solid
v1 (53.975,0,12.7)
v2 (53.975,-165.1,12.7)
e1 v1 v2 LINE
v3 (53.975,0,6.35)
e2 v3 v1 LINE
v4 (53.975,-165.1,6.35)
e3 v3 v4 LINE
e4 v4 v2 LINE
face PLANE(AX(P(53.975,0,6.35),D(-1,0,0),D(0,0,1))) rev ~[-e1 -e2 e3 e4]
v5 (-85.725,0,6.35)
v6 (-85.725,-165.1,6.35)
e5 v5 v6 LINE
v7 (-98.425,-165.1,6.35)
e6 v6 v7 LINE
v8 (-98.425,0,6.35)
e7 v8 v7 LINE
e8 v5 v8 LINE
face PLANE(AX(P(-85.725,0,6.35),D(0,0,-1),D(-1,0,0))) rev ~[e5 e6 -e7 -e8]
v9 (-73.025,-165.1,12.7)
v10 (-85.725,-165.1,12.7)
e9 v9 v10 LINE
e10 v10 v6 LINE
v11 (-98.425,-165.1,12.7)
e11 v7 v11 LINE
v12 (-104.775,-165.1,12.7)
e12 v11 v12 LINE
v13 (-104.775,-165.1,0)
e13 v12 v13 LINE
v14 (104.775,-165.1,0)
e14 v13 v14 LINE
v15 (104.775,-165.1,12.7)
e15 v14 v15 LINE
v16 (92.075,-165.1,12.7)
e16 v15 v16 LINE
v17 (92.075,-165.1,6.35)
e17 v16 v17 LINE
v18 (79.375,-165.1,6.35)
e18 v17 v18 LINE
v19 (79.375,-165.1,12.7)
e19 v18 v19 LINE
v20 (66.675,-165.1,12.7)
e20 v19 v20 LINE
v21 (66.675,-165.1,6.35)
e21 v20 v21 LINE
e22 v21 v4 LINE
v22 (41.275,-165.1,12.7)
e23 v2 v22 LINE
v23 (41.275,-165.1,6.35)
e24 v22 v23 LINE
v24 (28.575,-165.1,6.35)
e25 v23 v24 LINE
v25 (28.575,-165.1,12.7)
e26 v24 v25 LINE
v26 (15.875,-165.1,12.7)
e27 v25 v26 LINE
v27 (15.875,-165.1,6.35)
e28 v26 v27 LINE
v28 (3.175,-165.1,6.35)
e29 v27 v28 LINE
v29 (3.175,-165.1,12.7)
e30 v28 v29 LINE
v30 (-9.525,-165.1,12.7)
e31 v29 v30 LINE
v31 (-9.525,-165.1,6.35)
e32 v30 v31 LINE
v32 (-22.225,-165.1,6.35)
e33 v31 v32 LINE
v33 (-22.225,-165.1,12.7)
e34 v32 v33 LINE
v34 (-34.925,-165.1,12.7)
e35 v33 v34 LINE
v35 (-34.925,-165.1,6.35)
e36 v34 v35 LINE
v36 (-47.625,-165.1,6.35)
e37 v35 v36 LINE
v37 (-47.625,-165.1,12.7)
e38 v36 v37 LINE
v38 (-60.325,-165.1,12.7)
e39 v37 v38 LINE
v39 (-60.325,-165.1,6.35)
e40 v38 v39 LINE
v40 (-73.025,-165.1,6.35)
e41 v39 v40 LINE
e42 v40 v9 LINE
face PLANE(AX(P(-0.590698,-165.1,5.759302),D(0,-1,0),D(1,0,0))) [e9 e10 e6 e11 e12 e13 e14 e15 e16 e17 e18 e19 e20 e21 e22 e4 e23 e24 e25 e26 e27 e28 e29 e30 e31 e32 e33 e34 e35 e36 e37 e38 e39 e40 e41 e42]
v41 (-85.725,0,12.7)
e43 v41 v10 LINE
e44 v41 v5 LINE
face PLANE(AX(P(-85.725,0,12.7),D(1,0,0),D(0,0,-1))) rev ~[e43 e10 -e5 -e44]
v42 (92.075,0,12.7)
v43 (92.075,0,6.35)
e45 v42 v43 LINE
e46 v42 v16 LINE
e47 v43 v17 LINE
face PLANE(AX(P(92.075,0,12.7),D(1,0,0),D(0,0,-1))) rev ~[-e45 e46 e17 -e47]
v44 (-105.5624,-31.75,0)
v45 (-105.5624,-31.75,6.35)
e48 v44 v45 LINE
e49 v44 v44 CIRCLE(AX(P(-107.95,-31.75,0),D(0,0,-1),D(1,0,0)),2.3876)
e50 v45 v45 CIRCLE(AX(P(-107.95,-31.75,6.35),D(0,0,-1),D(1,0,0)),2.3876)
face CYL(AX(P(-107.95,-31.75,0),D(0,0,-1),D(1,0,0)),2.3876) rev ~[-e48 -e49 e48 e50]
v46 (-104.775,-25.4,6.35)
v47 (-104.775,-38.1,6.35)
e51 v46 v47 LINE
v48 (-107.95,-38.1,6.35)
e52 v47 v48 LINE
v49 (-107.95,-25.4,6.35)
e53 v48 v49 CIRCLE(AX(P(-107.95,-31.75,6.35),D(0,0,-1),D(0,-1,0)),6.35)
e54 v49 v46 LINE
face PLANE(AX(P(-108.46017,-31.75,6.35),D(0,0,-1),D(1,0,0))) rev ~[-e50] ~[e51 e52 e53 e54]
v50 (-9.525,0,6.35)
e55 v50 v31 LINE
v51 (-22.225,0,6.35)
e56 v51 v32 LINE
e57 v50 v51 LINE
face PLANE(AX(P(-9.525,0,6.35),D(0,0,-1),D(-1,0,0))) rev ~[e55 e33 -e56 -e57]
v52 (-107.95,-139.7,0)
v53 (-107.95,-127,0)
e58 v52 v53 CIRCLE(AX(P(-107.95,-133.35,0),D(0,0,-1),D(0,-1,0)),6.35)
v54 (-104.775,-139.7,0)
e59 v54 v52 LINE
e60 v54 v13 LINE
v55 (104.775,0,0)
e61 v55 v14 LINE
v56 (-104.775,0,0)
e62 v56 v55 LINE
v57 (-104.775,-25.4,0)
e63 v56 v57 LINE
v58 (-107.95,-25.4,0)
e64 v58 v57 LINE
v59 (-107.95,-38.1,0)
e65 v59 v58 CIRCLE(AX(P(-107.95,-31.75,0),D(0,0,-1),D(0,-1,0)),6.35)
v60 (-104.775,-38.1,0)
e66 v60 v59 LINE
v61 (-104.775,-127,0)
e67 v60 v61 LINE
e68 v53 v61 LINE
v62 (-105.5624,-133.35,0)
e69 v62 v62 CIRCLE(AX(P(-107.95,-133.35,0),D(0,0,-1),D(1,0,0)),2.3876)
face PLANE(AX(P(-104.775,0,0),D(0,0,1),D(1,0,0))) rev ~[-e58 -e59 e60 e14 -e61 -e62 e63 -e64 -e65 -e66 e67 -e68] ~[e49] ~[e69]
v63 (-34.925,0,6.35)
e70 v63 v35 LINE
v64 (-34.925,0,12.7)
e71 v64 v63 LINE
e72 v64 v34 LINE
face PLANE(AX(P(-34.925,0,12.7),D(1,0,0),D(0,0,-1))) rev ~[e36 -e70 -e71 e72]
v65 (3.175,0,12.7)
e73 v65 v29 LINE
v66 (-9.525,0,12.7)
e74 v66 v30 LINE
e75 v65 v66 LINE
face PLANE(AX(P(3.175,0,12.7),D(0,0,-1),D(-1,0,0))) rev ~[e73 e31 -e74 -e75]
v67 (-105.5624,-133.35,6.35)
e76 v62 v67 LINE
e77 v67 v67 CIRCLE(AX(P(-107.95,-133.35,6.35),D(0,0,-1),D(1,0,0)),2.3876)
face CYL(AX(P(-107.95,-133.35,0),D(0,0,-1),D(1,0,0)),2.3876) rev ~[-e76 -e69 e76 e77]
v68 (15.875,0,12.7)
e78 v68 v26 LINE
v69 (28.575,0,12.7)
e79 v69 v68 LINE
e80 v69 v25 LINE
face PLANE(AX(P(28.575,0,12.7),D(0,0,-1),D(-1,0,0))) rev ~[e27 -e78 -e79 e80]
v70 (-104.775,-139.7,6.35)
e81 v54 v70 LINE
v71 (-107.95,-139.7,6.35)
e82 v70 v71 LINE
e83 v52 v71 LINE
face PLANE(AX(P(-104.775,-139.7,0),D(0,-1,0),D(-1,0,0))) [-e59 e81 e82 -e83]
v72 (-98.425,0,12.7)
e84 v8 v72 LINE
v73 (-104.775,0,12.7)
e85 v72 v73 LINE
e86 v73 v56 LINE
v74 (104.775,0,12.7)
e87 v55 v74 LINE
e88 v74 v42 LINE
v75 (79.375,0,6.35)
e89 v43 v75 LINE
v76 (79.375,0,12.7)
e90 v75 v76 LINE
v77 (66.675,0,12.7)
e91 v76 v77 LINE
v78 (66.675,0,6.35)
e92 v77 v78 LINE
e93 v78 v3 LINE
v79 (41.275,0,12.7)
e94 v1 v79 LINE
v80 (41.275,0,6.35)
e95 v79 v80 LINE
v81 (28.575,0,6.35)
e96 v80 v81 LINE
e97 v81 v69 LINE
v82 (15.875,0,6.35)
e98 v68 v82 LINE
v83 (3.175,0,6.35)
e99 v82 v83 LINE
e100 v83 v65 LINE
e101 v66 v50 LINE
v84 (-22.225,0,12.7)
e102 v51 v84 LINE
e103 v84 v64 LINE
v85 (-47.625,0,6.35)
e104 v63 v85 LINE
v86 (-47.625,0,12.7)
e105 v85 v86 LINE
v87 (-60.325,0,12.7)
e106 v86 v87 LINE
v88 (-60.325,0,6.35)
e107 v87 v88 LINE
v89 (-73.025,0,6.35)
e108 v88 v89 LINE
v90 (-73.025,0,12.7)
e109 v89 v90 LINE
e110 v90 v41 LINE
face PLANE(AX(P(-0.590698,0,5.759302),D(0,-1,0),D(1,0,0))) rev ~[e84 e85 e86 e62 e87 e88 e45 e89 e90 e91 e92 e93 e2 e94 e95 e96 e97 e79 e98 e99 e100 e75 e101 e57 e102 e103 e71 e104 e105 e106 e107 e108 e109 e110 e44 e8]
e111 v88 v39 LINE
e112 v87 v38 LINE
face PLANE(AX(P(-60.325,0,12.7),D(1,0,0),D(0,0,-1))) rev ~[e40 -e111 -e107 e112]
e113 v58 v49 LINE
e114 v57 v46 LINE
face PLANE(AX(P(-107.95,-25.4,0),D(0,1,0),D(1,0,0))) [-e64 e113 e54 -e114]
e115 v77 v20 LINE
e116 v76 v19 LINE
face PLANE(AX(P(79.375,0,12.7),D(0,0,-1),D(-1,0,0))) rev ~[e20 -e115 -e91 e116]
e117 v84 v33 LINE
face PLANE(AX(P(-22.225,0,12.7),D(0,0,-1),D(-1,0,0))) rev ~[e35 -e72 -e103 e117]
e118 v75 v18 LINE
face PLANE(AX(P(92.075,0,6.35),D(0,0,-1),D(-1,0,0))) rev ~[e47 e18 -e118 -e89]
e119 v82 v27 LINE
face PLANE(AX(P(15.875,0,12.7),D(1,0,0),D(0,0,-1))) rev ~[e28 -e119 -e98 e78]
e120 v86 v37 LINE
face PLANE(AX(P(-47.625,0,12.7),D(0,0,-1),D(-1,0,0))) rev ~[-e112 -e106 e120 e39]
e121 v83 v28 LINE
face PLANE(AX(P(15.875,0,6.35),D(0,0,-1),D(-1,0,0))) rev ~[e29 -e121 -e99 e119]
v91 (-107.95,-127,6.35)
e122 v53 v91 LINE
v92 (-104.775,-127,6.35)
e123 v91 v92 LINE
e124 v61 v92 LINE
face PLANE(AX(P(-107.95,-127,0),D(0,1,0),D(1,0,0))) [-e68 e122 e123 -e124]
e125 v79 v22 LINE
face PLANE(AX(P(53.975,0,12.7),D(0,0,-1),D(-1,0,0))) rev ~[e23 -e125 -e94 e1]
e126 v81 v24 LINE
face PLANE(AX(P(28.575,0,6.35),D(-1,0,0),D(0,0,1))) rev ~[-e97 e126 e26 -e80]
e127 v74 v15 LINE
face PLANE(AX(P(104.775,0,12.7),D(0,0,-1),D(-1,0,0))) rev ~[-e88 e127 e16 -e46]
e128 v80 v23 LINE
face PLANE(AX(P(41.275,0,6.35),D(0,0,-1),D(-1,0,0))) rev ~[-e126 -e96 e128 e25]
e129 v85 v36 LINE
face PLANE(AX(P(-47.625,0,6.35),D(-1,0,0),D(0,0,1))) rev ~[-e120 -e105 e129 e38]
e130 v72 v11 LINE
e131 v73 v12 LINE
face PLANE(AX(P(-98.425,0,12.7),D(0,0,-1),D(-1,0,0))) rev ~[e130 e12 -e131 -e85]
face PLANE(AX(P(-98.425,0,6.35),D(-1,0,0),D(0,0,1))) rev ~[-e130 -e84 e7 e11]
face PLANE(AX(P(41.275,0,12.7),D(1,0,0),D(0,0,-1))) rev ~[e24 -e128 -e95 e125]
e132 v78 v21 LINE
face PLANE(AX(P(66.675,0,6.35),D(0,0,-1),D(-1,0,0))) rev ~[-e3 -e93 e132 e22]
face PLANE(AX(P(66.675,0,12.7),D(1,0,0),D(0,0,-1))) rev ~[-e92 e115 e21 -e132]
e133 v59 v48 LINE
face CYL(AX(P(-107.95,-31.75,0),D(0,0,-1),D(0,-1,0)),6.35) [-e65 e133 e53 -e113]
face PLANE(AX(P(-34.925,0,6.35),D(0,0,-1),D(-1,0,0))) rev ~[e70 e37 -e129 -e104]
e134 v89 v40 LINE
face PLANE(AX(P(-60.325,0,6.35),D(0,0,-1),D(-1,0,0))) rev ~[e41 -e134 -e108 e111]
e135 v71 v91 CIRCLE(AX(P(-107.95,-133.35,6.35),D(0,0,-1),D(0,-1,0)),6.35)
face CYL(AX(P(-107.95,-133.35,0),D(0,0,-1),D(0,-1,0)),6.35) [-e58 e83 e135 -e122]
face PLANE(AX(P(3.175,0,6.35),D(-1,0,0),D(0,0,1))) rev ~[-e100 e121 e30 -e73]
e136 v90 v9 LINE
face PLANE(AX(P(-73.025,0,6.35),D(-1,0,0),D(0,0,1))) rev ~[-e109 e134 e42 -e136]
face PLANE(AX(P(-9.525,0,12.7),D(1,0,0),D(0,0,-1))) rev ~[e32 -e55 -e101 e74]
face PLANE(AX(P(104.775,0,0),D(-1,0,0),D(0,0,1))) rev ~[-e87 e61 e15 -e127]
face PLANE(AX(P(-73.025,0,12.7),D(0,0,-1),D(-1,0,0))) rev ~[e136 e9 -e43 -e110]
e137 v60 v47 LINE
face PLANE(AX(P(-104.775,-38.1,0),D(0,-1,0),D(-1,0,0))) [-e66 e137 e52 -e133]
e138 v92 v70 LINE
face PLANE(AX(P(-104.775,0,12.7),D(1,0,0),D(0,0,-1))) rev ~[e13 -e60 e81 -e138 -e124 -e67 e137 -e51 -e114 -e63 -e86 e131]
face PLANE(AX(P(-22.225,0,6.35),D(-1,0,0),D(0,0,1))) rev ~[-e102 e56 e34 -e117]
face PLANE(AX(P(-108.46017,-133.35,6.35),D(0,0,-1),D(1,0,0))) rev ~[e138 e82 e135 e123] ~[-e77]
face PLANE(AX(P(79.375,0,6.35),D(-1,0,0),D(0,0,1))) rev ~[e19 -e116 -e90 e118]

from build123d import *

# Parameters (mm, degrees)
F1_DEPTH = 165.1
F2_R     = 2.3876
F3_DEPTH = 6.35


with BuildPart() as f1:
    # F0 (on Front) → F1 (new body)
    with BuildSketch(Plane.XZ):
        Polygon((-104.775, 12.7), (-104.775, 0), (104.775, 0), (104.775, 12.7), (92.075, 12.7), (92.075, 6.35), (79.375, 6.35), (79.375, 12.7), (66.675, 12.7), (66.675, 6.35), (53.975, 6.35), (53.975, 12.7), (41.275, 12.7), (41.275, 6.35), (28.575, 6.35), (28.575, 12.7), (15.875, 12.7), (15.875, 6.35), (3.175, 6.35), (3.175, 12.7), (-9.525, 12.7), (-9.525, 6.35), (-22.225, 6.35), (-22.225, 12.7), (-34.925, 12.7), (-34.925, 6.35), (-47.625, 6.35), (-47.625, 12.7), (-60.325, 12.7), (-60.325, 6.35), (-73.025, 6.35), (-73.025, 12.7), (-85.725, 12.7), (-85.725, 6.35), (-98.425, 6.35), (-98.425, 12.7), align=None)
    extrude(amount=F1_DEPTH)

    # F2 (on face) → F3 (join)
    with BuildSketch(Plane(origin=(0, 0, 0), x_dir=(1, 0, 0), z_dir=(0, 0, -1))):
        with BuildLine():
            Line((-107.95, 25.4), (-104.775, 25.4))
            Line((-104.775, 25.4), (-104.775, 38.1))
            Line((-104.775, 38.1), (-107.95, 38.1))
            ThreePointArc((-107.95, 38.1), (-114.3, 31.75), (-107.95, 25.4))
        make_face()
        with Locations((-107.95, 31.75)):
            Circle(F2_R, mode=Mode.SUBTRACT)
        with BuildLine():
            ThreePointArc((-107.95, 139.7), (-114.3, 133.35), (-107.95, 127))
            Line((-107.95, 127), (-104.775, 127))
            Line((-104.775, 127), (-104.775, 139.7))
            Line((-104.775, 139.7), (-107.95, 139.7))
        make_face()
        with Locations((-107.95, 133.35)):
            Circle(F2_R, mode=Mode.SUBTRACT)
    extrude(amount=-F3_DEPTH)


solid = f1.part
